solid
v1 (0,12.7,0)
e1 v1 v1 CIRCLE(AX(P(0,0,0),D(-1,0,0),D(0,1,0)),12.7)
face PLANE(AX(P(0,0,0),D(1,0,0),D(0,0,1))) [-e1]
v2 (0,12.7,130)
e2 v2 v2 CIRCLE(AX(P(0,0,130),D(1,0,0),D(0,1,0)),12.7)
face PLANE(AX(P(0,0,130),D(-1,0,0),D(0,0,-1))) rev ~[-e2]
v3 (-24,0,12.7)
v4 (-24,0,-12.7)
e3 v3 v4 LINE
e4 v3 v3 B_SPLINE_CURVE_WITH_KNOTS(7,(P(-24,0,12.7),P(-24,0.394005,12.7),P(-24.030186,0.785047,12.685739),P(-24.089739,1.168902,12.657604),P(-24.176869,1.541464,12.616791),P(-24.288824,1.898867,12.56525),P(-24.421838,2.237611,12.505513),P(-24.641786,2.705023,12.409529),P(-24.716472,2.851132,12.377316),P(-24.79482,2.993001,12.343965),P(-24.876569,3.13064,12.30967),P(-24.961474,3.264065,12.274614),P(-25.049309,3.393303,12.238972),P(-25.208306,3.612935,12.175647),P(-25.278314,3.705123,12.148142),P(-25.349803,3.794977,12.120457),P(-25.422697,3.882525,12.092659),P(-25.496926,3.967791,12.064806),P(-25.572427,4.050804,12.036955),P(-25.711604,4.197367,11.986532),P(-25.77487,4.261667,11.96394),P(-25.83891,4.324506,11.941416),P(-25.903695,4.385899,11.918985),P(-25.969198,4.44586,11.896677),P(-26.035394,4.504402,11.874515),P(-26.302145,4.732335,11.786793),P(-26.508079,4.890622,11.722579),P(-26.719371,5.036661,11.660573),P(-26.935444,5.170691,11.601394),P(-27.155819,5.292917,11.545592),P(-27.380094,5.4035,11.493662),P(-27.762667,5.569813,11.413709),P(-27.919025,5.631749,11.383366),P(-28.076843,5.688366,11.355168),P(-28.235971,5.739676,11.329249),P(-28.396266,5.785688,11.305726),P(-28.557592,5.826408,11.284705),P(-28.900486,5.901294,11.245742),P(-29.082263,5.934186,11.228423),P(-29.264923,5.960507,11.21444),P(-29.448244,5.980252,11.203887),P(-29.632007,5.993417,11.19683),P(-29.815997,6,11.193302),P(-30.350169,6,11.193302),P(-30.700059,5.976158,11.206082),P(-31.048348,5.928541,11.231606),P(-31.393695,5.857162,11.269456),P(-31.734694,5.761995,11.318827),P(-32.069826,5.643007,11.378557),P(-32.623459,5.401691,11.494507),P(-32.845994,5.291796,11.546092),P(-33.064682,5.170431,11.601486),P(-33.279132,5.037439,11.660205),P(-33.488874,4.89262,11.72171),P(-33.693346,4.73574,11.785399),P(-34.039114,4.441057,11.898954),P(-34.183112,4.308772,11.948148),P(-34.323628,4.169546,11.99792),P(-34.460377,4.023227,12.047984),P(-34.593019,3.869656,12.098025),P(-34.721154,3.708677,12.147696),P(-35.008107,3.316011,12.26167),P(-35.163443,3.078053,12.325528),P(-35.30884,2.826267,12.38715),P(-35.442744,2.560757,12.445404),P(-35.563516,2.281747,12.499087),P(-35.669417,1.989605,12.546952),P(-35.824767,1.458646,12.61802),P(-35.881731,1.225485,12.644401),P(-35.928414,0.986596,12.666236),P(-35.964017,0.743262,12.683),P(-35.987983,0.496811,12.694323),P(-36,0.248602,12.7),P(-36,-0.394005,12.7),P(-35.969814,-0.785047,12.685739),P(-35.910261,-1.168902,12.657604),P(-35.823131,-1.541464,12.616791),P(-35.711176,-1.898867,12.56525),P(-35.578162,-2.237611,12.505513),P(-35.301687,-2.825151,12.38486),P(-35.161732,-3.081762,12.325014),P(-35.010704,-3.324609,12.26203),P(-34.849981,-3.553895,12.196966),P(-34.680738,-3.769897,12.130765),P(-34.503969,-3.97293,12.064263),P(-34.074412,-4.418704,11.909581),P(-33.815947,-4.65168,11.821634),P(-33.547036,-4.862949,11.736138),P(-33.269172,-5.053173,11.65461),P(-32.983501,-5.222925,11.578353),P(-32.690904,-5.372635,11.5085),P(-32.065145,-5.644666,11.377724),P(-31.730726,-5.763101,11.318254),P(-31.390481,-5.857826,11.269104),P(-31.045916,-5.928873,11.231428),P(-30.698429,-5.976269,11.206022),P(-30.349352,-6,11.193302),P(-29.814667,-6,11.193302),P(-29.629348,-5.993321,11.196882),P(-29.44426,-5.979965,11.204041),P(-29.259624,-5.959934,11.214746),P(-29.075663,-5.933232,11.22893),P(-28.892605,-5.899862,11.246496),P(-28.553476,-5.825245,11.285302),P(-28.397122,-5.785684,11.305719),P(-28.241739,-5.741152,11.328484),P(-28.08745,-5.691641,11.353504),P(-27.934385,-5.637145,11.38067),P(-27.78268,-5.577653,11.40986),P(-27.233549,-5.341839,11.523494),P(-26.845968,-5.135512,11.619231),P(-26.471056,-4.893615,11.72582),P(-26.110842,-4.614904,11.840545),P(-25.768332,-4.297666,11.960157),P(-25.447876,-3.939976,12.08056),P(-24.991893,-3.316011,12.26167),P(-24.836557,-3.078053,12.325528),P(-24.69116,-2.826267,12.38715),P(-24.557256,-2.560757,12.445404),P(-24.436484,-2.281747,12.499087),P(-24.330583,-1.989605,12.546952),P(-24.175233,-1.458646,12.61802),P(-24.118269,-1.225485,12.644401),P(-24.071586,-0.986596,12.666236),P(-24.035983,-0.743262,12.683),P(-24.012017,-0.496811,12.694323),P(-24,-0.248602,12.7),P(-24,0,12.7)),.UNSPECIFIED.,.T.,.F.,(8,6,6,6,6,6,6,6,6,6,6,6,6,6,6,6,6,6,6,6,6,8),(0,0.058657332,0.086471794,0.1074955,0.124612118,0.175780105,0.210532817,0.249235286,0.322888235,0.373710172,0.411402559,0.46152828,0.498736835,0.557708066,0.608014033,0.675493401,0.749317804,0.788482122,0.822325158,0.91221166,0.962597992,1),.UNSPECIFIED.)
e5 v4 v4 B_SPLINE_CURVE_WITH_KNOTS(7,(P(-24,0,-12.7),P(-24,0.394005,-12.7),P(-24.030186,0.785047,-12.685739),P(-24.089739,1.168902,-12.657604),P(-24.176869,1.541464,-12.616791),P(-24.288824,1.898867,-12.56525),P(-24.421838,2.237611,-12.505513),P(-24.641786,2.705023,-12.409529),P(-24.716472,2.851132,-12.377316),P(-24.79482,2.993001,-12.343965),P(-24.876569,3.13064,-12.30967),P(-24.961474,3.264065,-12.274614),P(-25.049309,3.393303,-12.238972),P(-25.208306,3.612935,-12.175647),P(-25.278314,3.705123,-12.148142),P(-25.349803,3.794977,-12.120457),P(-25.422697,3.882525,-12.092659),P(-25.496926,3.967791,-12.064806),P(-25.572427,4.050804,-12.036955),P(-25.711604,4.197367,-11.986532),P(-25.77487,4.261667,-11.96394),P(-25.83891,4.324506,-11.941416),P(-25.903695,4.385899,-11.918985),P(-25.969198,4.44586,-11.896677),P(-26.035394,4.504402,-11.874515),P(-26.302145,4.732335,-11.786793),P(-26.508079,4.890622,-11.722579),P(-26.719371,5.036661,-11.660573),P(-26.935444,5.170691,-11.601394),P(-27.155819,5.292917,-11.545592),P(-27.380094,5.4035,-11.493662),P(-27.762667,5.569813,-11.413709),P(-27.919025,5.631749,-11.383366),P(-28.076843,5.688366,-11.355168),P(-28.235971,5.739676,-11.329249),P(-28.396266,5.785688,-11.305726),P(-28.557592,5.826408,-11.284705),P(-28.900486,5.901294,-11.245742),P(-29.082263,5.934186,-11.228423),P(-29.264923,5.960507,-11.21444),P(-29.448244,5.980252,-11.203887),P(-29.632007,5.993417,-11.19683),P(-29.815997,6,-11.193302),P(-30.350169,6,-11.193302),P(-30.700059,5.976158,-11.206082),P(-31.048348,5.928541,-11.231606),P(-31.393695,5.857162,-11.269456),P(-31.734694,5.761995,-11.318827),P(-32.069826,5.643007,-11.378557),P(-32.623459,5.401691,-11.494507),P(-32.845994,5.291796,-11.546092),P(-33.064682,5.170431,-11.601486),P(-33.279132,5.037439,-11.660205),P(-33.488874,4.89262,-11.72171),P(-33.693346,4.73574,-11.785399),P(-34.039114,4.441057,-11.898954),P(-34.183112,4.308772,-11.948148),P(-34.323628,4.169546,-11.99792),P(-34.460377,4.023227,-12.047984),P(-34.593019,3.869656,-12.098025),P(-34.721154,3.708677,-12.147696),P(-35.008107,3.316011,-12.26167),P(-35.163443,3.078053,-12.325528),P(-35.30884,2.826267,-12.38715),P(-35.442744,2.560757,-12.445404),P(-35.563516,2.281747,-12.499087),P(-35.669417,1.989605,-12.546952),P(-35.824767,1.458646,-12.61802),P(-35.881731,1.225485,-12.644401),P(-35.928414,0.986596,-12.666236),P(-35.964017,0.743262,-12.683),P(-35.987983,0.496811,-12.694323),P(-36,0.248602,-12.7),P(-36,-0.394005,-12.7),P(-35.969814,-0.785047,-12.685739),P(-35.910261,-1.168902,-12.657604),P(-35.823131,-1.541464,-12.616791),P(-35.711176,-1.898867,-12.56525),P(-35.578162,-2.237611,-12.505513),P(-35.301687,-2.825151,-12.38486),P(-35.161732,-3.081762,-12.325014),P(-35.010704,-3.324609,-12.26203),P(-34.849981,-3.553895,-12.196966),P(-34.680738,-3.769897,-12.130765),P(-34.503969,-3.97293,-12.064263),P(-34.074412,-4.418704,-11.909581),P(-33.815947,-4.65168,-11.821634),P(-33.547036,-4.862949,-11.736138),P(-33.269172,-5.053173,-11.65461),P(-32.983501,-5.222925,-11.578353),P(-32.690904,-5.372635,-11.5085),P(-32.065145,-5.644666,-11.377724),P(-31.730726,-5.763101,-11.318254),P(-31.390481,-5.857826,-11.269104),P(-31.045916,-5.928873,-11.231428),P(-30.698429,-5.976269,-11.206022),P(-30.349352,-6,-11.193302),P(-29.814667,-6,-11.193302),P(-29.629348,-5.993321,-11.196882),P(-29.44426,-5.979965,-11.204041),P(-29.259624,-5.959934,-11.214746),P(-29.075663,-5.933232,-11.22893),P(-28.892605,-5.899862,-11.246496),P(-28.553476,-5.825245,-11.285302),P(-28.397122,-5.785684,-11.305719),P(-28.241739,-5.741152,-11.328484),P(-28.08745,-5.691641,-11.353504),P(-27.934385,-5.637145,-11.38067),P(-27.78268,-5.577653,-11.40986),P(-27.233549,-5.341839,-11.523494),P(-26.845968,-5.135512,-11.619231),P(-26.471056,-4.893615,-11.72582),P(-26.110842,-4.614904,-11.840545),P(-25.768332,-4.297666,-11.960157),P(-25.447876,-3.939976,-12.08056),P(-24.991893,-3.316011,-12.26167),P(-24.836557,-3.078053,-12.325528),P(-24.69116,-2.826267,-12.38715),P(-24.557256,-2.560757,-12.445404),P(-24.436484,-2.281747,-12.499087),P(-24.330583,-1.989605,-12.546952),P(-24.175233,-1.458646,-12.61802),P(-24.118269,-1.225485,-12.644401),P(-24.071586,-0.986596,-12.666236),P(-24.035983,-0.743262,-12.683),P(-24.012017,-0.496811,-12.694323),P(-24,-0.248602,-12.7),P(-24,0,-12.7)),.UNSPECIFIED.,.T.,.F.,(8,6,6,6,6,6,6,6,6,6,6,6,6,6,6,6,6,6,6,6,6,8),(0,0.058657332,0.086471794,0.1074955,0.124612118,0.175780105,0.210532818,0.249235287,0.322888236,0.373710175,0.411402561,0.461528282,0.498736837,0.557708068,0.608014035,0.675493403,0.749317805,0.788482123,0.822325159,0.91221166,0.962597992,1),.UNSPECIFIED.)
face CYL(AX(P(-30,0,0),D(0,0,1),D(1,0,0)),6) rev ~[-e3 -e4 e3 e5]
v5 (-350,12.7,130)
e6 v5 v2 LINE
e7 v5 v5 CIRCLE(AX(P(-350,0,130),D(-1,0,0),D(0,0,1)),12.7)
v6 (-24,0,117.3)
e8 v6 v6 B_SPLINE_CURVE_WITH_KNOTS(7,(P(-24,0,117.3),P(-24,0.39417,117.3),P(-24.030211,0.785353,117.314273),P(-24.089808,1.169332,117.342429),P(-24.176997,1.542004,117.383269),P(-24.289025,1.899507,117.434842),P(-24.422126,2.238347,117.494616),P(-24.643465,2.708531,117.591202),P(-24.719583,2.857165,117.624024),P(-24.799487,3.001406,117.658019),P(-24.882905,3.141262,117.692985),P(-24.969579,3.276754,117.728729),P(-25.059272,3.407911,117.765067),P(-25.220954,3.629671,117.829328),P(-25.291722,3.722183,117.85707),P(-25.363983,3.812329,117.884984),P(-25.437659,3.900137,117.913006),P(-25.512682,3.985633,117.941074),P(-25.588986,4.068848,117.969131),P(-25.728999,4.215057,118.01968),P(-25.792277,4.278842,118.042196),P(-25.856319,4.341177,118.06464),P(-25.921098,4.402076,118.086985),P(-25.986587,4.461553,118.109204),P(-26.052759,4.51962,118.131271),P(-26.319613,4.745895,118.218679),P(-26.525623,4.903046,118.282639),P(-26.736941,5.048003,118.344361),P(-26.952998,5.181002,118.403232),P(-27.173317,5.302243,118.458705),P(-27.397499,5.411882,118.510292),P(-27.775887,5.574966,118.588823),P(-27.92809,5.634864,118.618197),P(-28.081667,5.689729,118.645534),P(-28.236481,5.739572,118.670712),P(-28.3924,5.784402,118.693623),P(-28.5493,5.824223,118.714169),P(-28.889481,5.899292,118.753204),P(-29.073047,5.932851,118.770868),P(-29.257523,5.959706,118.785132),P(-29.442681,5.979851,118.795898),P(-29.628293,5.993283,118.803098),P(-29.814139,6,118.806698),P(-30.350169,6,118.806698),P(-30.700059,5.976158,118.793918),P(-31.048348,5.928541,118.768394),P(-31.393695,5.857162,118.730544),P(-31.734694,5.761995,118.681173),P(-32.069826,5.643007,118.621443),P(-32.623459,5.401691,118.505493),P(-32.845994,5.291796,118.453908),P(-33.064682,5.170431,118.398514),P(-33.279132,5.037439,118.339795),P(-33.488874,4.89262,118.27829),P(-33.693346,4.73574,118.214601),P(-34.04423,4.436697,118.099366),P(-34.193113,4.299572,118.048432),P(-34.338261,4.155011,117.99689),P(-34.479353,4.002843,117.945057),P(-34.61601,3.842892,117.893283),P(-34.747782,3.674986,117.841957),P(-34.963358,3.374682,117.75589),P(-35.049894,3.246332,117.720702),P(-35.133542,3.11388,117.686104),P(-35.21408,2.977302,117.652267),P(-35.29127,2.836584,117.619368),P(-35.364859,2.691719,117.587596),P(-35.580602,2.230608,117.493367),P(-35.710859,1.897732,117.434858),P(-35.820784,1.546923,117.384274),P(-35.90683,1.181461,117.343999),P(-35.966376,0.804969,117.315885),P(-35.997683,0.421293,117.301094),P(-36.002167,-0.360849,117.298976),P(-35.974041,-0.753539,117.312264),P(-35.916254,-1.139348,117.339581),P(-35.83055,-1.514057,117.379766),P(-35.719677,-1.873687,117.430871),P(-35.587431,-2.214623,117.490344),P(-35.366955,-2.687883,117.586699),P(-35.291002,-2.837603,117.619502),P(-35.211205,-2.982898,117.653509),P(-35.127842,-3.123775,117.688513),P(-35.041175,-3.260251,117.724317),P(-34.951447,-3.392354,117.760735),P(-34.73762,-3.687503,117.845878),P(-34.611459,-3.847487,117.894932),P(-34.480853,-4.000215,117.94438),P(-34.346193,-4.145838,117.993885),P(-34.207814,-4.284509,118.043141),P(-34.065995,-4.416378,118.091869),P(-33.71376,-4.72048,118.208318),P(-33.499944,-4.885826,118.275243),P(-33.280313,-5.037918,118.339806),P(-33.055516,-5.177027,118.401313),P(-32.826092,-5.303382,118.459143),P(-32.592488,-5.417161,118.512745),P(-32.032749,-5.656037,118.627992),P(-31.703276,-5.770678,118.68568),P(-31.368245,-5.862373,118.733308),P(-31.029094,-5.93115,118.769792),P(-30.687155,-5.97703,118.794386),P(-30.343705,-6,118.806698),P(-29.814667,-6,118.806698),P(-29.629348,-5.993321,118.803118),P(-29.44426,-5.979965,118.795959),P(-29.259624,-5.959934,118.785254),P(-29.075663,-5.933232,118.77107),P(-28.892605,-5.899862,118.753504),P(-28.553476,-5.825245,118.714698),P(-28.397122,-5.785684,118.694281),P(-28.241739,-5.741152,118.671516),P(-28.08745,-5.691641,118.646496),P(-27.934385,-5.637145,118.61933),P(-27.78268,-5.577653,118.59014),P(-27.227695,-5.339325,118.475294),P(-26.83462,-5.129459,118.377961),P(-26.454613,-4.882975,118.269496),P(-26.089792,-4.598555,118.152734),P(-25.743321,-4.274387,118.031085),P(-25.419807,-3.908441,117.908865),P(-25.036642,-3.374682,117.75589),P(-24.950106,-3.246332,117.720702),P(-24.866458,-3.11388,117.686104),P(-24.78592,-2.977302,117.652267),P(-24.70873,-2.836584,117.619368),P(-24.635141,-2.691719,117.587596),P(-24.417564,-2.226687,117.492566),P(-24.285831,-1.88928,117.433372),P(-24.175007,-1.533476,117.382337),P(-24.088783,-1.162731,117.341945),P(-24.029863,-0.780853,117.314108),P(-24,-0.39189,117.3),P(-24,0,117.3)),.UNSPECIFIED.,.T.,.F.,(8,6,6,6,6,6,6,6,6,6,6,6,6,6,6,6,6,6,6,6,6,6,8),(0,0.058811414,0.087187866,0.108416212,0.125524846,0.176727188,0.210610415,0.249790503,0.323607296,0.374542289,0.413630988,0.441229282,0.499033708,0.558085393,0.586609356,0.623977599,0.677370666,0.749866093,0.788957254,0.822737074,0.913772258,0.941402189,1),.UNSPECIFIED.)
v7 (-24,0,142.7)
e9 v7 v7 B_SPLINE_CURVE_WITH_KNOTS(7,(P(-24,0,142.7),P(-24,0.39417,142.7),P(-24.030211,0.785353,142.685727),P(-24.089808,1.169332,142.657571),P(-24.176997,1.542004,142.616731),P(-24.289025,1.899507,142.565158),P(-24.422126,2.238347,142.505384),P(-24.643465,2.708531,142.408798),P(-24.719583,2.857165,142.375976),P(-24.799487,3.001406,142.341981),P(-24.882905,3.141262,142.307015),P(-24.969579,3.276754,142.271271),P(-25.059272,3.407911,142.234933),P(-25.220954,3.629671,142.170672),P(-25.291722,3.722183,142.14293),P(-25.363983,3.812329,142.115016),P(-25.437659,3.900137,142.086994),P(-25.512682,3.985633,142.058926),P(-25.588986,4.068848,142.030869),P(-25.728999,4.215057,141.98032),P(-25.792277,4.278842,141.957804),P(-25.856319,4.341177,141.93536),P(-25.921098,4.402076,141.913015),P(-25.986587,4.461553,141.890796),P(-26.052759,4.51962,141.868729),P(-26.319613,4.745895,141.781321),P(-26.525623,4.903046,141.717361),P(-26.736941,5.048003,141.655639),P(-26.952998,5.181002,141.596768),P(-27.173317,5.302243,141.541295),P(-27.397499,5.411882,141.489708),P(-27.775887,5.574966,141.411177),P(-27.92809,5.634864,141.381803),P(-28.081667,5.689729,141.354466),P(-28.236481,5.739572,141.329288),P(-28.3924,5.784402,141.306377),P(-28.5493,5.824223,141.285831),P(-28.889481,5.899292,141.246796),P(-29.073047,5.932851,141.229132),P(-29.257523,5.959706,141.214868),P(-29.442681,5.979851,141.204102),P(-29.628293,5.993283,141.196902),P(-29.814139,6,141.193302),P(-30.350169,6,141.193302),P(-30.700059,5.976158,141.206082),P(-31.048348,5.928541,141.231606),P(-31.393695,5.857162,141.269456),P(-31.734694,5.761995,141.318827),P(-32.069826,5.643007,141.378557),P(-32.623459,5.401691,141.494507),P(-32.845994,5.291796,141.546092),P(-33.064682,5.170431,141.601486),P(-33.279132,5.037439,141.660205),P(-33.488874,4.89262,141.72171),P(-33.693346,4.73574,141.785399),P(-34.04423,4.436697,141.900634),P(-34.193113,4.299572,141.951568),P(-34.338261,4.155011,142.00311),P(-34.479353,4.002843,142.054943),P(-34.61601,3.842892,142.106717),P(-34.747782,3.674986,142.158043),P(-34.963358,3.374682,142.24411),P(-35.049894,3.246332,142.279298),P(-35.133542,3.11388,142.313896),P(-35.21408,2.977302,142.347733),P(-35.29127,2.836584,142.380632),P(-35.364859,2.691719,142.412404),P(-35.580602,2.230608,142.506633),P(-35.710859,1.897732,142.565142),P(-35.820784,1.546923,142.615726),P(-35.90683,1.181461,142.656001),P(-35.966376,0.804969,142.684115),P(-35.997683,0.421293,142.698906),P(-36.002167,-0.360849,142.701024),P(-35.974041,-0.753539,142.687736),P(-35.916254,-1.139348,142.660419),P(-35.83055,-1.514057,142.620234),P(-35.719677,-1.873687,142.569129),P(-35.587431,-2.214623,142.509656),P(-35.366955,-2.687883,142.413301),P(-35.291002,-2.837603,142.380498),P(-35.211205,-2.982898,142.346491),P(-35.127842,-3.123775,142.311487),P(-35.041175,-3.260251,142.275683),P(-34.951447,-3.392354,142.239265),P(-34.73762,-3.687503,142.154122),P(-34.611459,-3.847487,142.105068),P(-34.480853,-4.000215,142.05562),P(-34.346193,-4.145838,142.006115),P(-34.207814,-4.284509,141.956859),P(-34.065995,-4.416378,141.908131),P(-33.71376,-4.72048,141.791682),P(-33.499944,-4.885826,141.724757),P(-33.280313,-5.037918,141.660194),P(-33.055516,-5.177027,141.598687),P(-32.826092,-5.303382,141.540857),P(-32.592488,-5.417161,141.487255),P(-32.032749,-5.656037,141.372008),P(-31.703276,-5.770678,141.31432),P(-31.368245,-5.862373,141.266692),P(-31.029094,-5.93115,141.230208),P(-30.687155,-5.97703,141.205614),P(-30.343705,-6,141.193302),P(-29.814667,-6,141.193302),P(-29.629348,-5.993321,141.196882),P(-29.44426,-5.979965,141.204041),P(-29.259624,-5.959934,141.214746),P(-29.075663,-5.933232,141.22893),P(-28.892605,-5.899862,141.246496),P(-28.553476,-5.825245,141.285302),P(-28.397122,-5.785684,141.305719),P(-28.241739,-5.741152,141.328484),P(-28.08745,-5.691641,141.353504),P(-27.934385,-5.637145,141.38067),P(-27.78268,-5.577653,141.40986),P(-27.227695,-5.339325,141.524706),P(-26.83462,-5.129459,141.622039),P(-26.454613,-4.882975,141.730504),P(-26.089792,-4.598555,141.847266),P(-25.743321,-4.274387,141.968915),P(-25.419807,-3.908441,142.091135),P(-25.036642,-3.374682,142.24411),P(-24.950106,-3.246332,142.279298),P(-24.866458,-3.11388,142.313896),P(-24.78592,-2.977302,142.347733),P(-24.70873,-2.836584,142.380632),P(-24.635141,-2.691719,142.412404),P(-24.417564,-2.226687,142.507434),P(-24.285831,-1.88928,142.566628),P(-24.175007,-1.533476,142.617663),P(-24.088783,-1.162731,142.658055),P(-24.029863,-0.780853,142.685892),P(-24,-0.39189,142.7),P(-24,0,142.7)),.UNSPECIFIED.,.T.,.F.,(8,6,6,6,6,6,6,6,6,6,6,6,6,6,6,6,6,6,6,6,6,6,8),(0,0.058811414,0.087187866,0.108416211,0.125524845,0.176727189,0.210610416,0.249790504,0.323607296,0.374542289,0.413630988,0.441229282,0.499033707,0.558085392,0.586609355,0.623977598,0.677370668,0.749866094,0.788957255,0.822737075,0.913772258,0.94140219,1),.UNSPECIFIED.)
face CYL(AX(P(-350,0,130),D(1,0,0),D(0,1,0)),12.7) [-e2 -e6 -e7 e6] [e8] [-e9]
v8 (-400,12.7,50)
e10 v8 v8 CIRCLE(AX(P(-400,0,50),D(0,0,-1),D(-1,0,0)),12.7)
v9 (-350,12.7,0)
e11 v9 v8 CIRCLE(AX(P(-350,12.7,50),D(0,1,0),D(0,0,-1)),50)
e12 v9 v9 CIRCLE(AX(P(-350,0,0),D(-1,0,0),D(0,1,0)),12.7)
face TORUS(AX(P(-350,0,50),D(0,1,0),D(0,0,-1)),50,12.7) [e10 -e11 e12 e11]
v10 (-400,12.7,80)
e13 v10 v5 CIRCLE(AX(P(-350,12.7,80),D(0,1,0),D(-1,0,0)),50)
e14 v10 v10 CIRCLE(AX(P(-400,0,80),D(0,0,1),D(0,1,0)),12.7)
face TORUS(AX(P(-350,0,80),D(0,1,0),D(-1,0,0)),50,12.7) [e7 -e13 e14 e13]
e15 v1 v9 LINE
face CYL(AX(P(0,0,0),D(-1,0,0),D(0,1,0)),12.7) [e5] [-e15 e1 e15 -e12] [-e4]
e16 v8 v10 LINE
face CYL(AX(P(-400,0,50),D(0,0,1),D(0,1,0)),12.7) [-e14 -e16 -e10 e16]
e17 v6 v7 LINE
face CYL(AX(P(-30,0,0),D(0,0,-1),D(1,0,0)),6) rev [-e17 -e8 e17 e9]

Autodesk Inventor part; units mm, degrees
ref_plane "YZ Plane" through (0, 0, 0) normal (1, 0, 0) x (0, 1, 0)
ref_plane "XZ Plane" through (0, 0, 0) normal (0, 1, 0) x (-1, 0, 0)
ref_plane "XY Plane" through (0, 0, 0) normal (0, 0, 1) x (1, 0, 0)
sketch "Sketch1" plane through (0, 0, 0) normal (0, 1, 0) x (-1, 0, 0)
  line L0 (0, 0) -> (350, 0)
  line L1 (400, 50) -> (400, 80)
  line L2 (350, 130) -> (0, 130)
  arc A0 (350, 0) -> (400, 50) centre (350, 50) ccw
  arc A1 (400, 80) -> (350, 130) centre (350, 80) ccw
  point P0 (400, 0)
  point P1 (400, 130)
  dimension "d7" = 400
  dimension "d8" = 130
  dimension "d9" = 400
  dimension "d10" = 50
sketch "Sketch2" plane through (0, 0, 0) normal (1, 0, 0) x (0, 1, 0)
  circle A0 centre (0, 0) radius 12.7
  dimension "d11" = 25.4
sweep "Sweep1" add profiles "Sketch2" path "Sketch1"
sketch "Sketch3" plane through (0, 0, 0) normal (0, 0, 1) x (1, 0, 0)
  line L0 (0, 0) -> (-30, 0)
  circle A0 centre (-30, 0) radius 6
  dimension "d14" = 30
  dimension "d15" = 12
extrude "Extrusion1" cut sketch "Sketch3" along normal through all both and the other way through all
properties part number "GARFO" material "Aluminium AW-7020"
